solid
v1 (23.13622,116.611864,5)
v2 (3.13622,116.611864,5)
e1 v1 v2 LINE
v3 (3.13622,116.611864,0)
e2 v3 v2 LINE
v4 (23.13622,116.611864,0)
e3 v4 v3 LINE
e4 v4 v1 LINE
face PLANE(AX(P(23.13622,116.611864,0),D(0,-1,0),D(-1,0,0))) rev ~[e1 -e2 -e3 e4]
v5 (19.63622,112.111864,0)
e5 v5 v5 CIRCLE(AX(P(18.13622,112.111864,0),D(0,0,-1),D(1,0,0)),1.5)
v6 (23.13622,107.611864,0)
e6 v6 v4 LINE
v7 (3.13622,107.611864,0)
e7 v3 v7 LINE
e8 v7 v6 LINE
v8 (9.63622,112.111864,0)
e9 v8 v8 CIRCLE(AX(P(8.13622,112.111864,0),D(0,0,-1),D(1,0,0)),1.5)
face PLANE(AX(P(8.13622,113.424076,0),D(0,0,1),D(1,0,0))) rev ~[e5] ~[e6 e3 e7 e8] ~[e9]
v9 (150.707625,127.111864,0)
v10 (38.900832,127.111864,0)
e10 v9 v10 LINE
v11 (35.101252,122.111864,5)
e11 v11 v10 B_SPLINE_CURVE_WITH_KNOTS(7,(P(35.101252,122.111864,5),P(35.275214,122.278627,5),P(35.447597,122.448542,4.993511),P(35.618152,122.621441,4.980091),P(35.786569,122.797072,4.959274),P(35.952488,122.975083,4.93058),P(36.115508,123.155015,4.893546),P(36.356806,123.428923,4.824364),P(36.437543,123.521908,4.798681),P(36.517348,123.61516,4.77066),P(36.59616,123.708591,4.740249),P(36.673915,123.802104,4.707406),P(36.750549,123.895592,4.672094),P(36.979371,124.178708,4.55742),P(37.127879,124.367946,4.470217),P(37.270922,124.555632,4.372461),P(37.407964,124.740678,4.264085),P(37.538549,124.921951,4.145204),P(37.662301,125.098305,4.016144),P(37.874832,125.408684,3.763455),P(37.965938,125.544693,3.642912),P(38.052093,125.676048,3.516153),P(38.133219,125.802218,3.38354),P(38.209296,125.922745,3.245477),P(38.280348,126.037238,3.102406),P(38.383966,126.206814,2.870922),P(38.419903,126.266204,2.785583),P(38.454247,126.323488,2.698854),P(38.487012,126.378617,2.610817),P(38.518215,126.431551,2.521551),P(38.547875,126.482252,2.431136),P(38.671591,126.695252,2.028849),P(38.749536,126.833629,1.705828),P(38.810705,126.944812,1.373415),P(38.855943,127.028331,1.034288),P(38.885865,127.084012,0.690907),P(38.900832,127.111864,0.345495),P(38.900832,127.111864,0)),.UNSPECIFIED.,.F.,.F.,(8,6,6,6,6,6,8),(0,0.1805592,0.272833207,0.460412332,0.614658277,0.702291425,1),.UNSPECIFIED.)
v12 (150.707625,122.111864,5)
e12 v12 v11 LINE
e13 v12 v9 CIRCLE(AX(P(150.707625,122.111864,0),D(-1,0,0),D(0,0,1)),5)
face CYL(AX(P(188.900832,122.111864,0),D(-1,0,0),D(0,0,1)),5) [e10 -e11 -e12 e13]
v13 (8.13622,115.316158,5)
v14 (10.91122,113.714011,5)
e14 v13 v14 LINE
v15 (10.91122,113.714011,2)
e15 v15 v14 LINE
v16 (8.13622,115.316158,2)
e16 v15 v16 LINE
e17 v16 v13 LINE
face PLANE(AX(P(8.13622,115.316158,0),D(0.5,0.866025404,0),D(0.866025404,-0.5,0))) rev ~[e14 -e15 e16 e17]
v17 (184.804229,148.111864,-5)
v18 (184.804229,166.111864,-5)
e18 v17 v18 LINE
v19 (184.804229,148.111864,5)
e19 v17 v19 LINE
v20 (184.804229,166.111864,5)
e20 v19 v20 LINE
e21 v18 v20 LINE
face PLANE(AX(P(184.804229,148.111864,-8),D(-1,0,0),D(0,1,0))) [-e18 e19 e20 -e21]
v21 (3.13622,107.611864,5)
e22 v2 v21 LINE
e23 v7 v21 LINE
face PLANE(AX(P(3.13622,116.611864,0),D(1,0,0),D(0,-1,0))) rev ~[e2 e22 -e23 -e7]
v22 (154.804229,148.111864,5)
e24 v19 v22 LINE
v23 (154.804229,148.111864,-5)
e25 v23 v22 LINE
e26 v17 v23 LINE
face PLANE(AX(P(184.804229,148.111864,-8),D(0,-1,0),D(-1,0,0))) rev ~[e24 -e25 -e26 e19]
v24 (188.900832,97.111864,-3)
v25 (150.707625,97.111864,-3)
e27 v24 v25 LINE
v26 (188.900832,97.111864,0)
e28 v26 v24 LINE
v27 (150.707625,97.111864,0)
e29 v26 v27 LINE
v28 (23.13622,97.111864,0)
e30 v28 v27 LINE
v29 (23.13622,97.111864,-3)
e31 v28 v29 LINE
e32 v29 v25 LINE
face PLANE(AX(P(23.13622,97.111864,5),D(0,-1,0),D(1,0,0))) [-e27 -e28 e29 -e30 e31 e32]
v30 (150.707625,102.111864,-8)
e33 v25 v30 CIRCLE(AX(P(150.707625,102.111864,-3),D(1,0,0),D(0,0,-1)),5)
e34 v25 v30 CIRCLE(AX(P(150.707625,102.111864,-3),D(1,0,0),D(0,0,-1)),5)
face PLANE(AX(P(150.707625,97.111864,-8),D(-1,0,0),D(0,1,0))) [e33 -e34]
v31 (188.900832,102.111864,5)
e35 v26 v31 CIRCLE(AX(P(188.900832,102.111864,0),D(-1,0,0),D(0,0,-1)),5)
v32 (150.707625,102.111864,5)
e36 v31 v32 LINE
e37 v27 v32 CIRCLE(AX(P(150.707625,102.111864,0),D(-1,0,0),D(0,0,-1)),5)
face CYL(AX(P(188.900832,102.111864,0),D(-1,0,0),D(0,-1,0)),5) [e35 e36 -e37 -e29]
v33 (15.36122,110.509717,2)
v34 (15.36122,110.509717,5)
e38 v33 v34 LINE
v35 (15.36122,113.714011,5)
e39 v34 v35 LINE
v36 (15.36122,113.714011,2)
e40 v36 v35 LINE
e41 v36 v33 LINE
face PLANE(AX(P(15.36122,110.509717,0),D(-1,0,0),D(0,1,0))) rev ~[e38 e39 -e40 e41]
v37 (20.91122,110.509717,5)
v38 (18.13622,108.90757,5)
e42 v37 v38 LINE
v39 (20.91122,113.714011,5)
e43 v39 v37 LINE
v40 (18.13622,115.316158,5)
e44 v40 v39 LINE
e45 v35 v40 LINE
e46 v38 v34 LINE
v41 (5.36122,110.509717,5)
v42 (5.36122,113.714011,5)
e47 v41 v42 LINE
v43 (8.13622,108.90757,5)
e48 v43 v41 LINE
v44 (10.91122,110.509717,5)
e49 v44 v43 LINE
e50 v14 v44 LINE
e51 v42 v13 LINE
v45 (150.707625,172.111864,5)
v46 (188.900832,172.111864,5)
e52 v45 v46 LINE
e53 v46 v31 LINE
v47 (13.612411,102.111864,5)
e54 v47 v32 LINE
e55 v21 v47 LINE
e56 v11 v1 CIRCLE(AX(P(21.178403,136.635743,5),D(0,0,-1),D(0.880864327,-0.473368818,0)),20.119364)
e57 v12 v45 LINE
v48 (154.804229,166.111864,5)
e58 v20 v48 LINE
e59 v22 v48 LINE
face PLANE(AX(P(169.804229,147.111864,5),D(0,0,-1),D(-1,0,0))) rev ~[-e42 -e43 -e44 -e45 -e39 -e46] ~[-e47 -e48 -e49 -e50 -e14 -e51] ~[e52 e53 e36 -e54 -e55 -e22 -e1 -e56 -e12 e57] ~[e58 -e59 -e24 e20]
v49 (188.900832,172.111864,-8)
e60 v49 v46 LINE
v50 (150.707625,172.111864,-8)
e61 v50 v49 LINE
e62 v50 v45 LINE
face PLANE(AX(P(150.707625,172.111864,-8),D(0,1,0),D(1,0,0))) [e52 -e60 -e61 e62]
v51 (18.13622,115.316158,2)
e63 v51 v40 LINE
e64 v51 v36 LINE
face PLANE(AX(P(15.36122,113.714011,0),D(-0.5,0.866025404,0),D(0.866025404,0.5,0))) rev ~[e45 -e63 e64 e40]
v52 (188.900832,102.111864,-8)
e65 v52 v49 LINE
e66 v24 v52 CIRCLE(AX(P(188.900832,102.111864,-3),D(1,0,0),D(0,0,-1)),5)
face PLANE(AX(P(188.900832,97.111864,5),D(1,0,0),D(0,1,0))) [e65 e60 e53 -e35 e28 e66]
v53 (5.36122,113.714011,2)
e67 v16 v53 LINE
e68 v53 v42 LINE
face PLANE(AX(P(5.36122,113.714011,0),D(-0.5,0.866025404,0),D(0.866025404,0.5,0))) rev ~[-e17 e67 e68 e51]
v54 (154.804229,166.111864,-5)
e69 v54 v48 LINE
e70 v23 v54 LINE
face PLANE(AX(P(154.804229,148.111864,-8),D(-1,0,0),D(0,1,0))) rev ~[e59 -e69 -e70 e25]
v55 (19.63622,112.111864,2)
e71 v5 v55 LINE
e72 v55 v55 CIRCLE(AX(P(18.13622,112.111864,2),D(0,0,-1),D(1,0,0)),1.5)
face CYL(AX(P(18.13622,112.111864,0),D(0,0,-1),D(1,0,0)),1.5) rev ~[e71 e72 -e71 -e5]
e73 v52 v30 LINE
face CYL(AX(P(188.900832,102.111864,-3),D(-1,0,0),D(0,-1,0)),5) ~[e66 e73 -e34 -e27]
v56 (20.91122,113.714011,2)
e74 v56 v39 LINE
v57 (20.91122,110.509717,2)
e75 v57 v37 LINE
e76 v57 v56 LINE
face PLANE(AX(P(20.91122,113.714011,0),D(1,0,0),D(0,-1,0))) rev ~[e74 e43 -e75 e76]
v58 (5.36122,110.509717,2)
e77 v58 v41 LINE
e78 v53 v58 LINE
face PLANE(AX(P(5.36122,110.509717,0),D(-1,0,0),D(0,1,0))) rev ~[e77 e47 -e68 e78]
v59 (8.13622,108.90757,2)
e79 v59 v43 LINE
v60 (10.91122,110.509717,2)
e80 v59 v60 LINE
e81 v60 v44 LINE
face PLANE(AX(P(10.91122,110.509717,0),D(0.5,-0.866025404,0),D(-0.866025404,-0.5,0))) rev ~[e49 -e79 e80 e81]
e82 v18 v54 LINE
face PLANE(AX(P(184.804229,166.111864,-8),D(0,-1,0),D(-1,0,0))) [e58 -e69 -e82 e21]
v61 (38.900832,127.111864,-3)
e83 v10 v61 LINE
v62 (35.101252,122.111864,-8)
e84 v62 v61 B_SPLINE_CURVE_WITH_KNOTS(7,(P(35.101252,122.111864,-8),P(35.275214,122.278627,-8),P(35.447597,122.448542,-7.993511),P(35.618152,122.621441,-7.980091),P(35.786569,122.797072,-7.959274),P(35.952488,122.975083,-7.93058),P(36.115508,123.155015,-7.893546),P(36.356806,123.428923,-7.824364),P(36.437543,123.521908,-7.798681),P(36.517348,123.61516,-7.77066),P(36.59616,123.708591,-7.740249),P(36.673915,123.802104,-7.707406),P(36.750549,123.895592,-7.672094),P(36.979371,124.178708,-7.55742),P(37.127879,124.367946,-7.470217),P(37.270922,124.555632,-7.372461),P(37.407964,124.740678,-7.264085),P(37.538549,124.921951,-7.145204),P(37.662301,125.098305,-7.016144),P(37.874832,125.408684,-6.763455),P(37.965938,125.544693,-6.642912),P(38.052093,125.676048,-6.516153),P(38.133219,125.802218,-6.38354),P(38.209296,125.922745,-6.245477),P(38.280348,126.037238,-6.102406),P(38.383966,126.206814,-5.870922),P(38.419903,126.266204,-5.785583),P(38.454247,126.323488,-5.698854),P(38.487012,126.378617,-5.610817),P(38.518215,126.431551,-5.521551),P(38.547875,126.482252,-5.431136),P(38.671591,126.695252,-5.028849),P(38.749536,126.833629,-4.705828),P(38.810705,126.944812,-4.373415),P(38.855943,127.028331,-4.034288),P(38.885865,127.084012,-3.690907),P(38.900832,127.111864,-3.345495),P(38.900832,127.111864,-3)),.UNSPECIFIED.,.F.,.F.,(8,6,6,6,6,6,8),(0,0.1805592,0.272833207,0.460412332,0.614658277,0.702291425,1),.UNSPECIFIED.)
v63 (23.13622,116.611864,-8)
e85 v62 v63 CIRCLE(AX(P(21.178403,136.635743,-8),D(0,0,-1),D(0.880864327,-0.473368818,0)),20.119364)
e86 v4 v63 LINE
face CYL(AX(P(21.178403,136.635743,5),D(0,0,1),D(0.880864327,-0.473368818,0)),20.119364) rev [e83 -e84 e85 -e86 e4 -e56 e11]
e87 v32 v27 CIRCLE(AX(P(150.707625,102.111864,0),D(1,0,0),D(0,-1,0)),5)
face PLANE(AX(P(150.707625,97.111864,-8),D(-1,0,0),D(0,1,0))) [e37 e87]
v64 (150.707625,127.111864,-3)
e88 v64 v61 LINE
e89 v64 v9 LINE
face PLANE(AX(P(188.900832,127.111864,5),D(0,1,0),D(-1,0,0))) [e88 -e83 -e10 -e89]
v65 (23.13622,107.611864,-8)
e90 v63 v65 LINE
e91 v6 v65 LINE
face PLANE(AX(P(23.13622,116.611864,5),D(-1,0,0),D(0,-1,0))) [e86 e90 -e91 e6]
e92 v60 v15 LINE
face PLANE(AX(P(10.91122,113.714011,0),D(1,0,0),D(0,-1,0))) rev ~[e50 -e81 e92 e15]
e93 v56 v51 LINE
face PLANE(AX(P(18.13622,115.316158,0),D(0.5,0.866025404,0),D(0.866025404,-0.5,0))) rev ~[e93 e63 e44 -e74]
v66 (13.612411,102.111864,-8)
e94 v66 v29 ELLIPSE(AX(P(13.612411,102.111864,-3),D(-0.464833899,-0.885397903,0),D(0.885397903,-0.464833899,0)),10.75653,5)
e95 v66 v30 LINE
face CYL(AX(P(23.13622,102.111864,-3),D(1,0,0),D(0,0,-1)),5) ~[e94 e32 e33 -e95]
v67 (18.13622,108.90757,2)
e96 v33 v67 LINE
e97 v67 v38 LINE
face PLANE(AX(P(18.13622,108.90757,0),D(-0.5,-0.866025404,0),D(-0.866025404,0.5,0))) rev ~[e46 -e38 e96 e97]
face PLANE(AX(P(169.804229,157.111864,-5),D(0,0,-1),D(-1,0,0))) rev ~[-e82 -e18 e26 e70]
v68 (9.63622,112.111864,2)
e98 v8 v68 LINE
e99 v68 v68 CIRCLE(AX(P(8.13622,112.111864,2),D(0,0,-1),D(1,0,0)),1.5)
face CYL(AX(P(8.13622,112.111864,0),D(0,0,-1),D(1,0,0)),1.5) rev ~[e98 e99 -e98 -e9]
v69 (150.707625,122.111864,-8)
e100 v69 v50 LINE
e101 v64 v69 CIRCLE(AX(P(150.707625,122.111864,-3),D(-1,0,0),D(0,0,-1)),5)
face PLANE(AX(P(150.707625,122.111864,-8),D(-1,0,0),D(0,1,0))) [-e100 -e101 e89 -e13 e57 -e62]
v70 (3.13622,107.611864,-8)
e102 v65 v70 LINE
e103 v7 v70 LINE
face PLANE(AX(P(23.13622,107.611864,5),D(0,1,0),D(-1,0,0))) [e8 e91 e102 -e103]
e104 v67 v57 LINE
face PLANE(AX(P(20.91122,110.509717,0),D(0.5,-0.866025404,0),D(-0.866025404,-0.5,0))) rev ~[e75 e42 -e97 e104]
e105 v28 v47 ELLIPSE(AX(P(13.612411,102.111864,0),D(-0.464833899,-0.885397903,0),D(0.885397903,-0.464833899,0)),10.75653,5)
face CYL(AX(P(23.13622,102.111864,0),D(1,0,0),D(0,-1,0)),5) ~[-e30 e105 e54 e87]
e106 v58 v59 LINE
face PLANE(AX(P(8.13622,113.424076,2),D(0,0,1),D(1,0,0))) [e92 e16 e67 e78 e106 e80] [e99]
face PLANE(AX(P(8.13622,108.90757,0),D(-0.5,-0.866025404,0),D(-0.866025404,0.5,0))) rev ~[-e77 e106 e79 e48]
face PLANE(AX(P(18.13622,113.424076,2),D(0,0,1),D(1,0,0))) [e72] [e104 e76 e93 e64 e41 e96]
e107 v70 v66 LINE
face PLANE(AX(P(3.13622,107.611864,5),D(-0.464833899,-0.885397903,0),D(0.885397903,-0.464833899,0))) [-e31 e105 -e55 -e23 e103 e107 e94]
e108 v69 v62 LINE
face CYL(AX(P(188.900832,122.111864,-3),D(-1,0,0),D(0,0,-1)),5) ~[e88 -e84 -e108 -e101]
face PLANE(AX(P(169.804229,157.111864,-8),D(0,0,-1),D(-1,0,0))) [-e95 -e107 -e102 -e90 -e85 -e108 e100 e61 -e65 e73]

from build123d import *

# Parameters (mm, degrees)
SKETCH1_W           = 20
SKETCH1_H           = 9
BOSS_EXTRUDE1_DEPTH = 5
SKETCH1_4_R         = 1.5
BOSS_EXTRUDE2_DEPTH = 2
BOSS_EXTRUDE3_DEPTH = 13
FILLET2_R           = 5
CUT_EXTRUDE1_DEPTH  = 9.5
SKETCH7_W           = 38.193207509
SKETCH7_H           = 75
SKETCH7_W_2         = 30
SKETCH7_H_2         = 18
BOSS_EXTRUDE7_DEPTH = 13
FILLET3_R           = 5
FILLET4_R           = 5
SKETCH7_3_W         = 30
SKETCH7_3_H         = 18
BOSS_EXTRUDE8_DEPTH = 3


with BuildPart() as part:
    # Sketch1 → Boss-Extrude1 (new body)
    with BuildSketch(Plane.XY):
        with Locations((13.136220239, 112.111863956)):
            Rectangle(SKETCH1_W, SKETCH1_H)
        Polygon((5.361220239, 110.509716959), (5.361220239, 113.714010953), (8.136220239, 115.31615795), (10.911220239, 113.714010953), (10.911220239, 110.509716959), (8.136220239, 108.907569962), align=None, mode=Mode.SUBTRACT)
        Polygon((15.361220239, 110.509716959), (15.361220239, 113.714010953), (18.136220239, 115.31615795), (20.911220239, 113.714010953), (20.911220239, 110.509716959), (18.136220239, 108.907569962), align=None, mode=Mode.SUBTRACT)
    extrude(amount=BOSS_EXTRUDE1_DEPTH)

    # Sketch1<4> → Boss-Extrude2 (add)
    # profile 1 of 2: a face of its own
    with BuildSketch(Plane.XY):
        Polygon((20.911220239, 110.509716959), (20.911220239, 113.714010953), (18.136220239, 115.31615795), (15.361220239, 113.714010953), (15.361220239, 110.509716959), (18.136220239, 108.907569962), align=None)
        with Locations((18.136220239, 112.111863956)):
            Circle(SKETCH1_4_R, mode=Mode.SUBTRACT)
    # profile 2 of 2: a face of its own
    with BuildSketch(Plane.XY):
        Polygon((5.361220239, 113.714010953), (5.361220239, 110.509716959), (8.136220239, 108.907569962), (10.911220239, 110.509716959), (10.911220239, 113.714010953), (8.136220239, 115.31615795), align=None)
        with Locations((8.136220239, 112.111863956)):
            Circle(SKETCH1_4_R, mode=Mode.SUBTRACT)
    extrude(amount=BOSS_EXTRUDE2_DEPTH)

    # Sketch2 → Boss-Extrude3 (add)
    with BuildSketch(Plane.XY.offset(5)):
        with BuildLine():
            Line((23.136220239, 107.611863956), (3.136220239, 107.611863956))
            Line((3.136220239, 107.611863956), (23.136220239, 97.111863956))
            Line((23.136220239, 97.111863956), (188.900832394, 97.111863956))
            Line((188.900832394, 97.111863956), (188.900832394, 127.111863956))
            Line((188.900832394, 127.111863956), (38.900832394, 127.111863956))
            ThreePointArc((38.900832394, 127.111863956), (32.331453067, 119.890646717), (23.136220239, 116.611863956))
            Line((23.136220239, 116.611863956), (23.136220239, 107.611863956))
        make_face()
    extrude(amount=-BOSS_EXTRUDE3_DEPTH)

    # Fillet2
    fillet2_edges = [part.edges().sort_by_distance(p)[0] for p in [
        (113.900832394, 127.111863956, -8),
        (106.018526317, 97.111863956, -8),
        (113.900832394, 127.111863956, 5),
        (106.018526317, 97.111863956, 5),
    ]]
    fillet(fillet2_edges, radius=FILLET2_R)

    # Sketch6 → Cut-Extrude1 (cut)
    with BuildSketch(Plane.XY.offset(5)):
        Polygon((185.900832394, 121.111863956), (155.900832394, 121.111863956), (155.900832394, 103.111863956), (185.900832394, 103.111863956), (185.900832394, 112.111863956), align=None)
    extrude(amount=-CUT_EXTRUDE1_DEPTH, mode=Mode.SUBTRACT)

    # Sketch7 → Boss-Extrude7 (add)
    with BuildSketch(Plane(origin=(0, 0, -8), x_dir=(-1, 0, 0), z_dir=(0, 0, -1))):
        with Locations((-169.80422864, 134.611863956)):
            Rectangle(SKETCH7_W, SKETCH7_H)
        with Locations((-169.804228639, 157.111863956)):
            Rectangle(SKETCH7_W_2, SKETCH7_H_2, mode=Mode.SUBTRACT)
    extrude(amount=-BOSS_EXTRUDE7_DEPTH)

    # Fillet3
    fillet3_edges = [part.edges().sort_by_distance(p)[0] for p in [
        (169.804228639, 97.111863956, 5),
    ]]
    fillet(fillet3_edges, radius=FILLET3_R)

    # Fillet4
    fillet4_edges = [part.edges().sort_by_distance(p)[0] for p in [
        (169.804228639, 97.111863956, -8),
    ]]
    fillet(fillet4_edges, radius=FILLET4_R)

    # Sketch7<3> → Boss-Extrude8 (add)
    with BuildSketch(Plane(origin=(0, 0, -8), x_dir=(-1, 0, 0), z_dir=(0, 0, -1))):
        with Locations((-169.804228639, 157.111863956)):
            Rectangle(SKETCH7_3_W, SKETCH7_3_H)
    extrude(amount=-BOSS_EXTRUDE8_DEPTH)


solid = part.part
